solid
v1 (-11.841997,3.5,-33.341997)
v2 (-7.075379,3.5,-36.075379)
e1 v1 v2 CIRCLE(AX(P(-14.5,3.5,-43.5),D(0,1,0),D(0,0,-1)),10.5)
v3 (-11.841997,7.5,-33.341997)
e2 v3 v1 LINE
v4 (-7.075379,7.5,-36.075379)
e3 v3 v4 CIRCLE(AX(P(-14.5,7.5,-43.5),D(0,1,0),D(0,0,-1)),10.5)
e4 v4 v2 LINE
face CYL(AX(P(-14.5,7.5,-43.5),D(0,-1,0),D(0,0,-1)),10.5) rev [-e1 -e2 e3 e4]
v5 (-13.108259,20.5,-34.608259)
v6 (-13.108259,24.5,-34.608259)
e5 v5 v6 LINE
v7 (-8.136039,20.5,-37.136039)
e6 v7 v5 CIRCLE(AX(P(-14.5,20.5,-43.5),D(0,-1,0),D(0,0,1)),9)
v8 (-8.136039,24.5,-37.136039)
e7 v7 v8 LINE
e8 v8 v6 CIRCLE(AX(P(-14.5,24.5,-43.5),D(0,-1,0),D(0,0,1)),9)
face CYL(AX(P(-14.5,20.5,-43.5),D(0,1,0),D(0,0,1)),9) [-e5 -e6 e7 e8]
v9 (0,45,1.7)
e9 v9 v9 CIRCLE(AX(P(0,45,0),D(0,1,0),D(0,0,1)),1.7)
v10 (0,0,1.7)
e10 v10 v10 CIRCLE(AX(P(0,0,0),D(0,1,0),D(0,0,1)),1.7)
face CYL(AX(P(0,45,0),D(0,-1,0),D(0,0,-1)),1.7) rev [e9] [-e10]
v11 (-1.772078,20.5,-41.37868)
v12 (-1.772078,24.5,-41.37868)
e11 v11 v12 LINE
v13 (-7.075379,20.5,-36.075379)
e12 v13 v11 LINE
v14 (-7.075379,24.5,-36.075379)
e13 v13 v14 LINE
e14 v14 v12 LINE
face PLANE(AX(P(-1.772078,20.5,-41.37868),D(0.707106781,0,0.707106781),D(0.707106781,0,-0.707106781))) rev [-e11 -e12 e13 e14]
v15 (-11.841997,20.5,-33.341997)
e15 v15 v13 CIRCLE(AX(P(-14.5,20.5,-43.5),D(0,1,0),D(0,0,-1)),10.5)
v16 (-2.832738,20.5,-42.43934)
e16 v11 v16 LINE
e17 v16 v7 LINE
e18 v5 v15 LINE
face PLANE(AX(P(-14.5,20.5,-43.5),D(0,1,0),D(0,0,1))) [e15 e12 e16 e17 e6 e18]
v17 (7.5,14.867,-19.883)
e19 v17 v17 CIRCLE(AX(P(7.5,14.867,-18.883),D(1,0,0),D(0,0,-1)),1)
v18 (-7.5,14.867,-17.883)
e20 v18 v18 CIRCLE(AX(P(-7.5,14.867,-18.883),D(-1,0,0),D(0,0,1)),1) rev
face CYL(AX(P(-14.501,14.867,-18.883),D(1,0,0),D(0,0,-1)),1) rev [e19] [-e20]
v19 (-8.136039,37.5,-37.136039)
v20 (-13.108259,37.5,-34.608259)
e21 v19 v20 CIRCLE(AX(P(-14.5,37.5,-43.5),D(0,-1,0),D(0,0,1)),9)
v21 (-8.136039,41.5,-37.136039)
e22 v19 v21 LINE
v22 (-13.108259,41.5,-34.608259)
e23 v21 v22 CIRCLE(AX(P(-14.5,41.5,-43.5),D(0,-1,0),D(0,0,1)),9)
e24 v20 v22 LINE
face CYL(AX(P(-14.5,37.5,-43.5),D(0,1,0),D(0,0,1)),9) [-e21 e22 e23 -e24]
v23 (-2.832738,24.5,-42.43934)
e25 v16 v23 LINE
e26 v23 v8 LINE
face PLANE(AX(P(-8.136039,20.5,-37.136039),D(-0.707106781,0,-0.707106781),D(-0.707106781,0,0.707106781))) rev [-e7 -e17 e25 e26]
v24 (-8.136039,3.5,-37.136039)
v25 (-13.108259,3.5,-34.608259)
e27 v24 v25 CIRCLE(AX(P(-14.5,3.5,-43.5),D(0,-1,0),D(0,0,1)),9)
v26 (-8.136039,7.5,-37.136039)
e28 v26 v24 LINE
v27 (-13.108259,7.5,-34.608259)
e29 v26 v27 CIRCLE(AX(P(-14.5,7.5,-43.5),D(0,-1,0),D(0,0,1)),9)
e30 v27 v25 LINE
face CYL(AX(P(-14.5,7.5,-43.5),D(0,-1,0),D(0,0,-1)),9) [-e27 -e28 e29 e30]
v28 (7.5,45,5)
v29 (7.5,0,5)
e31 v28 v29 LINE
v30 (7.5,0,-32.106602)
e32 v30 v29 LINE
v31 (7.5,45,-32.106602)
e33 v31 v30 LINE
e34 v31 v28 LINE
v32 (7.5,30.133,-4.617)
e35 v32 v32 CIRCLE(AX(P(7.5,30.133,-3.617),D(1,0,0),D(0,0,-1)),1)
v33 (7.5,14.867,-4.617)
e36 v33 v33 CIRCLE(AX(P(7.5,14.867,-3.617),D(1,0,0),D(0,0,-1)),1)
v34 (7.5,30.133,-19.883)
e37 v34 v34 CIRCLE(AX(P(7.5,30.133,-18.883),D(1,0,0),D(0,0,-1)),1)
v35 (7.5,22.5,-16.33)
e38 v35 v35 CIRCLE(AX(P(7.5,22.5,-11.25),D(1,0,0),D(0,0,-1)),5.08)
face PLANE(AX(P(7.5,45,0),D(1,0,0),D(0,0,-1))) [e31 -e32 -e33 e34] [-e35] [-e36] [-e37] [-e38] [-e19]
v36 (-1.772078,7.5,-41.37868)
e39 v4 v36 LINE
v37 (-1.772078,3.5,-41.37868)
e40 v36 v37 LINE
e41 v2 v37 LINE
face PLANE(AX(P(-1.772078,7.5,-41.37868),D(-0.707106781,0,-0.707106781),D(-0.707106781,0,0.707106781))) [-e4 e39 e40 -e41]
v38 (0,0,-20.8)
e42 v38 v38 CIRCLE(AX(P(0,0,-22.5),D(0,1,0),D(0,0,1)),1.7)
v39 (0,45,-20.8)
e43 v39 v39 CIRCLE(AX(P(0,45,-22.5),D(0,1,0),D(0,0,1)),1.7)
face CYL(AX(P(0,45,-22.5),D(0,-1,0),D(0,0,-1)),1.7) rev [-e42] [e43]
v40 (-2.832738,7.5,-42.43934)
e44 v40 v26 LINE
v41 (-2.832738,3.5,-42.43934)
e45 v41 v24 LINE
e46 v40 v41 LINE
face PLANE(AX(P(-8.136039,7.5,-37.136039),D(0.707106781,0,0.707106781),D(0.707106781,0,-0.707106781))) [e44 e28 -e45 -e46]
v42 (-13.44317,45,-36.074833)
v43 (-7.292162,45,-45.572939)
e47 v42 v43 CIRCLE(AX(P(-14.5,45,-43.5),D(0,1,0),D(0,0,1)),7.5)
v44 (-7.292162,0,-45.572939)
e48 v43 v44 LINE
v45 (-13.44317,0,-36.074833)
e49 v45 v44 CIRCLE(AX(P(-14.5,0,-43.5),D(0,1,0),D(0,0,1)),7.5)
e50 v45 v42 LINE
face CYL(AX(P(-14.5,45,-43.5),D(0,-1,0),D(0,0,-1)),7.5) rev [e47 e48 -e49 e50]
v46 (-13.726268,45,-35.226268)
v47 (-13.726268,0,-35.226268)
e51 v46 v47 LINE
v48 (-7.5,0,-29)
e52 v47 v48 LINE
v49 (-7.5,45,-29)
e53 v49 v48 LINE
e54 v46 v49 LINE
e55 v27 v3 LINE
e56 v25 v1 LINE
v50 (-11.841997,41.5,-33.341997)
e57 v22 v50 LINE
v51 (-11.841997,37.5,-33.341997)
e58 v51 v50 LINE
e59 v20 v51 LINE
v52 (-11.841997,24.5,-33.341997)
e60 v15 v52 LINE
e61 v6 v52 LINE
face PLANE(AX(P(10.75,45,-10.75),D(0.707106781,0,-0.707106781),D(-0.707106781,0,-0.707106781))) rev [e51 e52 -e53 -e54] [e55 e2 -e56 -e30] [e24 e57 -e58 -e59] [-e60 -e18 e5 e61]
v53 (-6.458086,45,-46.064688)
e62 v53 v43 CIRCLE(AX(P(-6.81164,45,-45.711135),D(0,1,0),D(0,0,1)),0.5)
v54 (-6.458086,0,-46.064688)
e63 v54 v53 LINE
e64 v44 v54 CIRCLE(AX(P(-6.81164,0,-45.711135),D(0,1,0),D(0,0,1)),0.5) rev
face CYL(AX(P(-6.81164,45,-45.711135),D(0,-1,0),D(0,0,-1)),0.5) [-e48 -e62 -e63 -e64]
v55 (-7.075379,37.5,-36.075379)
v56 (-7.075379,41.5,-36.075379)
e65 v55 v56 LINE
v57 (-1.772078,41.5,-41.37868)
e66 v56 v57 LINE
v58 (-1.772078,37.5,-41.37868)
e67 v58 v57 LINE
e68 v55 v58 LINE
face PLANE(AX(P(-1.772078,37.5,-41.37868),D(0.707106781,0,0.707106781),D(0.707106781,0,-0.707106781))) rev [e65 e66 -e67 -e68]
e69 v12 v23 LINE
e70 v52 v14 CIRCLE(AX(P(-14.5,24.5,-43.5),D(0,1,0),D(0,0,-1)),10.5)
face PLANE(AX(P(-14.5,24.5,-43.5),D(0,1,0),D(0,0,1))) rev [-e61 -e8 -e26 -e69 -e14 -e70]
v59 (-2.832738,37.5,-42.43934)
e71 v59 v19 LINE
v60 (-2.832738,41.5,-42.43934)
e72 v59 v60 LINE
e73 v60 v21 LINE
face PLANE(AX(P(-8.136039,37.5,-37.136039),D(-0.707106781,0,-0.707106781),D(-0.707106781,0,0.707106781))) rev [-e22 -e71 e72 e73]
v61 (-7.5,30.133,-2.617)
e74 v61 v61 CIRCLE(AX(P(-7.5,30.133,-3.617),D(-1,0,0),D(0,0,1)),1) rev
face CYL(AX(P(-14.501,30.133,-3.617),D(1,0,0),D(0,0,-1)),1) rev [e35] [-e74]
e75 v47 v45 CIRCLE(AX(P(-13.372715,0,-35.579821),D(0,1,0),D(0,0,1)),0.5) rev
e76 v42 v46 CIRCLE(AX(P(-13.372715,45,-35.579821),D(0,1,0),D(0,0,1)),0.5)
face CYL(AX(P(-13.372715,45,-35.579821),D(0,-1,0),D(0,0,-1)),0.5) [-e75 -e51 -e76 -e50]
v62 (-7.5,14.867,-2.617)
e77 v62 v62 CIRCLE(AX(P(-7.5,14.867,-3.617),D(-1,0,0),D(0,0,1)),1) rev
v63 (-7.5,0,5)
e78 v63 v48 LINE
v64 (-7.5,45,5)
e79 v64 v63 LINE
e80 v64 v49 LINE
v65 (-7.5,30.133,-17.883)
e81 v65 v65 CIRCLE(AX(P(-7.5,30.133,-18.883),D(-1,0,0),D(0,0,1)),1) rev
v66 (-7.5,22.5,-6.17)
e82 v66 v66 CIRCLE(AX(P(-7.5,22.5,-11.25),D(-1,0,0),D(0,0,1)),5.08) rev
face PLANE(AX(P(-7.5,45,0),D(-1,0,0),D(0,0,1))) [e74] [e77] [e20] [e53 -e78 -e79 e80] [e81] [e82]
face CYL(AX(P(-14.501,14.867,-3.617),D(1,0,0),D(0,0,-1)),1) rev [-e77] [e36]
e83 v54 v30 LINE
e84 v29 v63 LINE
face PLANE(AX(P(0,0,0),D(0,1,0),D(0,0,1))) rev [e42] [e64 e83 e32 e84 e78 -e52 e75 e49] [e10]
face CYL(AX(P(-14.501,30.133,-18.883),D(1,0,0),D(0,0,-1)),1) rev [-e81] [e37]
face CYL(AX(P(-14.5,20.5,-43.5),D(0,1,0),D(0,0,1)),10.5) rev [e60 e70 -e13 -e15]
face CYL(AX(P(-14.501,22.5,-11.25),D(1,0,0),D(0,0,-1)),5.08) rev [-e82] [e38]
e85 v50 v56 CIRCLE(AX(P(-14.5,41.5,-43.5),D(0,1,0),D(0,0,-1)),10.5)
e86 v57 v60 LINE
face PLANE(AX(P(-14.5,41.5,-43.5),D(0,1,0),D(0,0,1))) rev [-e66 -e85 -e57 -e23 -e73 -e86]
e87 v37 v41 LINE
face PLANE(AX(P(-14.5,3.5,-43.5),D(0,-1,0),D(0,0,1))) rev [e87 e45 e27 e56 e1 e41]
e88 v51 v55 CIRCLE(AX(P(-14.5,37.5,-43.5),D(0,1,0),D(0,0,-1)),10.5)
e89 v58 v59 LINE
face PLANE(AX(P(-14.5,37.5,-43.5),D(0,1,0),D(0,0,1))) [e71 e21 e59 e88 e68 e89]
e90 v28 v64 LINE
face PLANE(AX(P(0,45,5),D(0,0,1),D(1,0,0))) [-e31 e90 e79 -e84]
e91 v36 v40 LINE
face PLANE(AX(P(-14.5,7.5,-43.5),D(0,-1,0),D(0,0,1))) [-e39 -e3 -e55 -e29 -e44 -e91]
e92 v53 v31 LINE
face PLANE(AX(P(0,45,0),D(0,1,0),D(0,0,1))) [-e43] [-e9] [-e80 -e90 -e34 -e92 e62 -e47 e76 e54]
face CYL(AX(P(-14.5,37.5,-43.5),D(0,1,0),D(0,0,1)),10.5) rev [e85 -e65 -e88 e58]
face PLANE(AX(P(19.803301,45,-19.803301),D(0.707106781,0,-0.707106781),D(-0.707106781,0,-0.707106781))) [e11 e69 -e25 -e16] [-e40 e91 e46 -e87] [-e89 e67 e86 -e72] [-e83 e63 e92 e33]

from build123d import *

# Parameters (mm, degrees)
SKETCH1_R           = 1.7
BOSS_EXTRUDE1_DEPTH = 45
CUT_EXTRUDE1_REACH  = 71.934
SKETCH2_R           = 5.0800000000000045
SKETCH2_R_2         = 1.0000000000000009
SKETCH2_R_3         = 1.0000000000000018
FILLET1_R           = 0.5
CUT_EXTRUDE2_DEPTH  = 2
CUT_EXTRUDE3_START  = 17
CUT_EXTRUDE3_DEPTH  = 2


with BuildPart() as part:
    # Sketch1 → Boss-Extrude1 (new body)
    with BuildSketch(Plane(origin=(0, 0, 0), x_dir=(1, 0, 0), z_dir=(0, 1, 0))):
        with BuildLine():
            Line((-7.499999999999999, -5.000000000000001), (7.500000000000001, -4.999999999999999))
            Line((7.500000000000001, -5), (7.499999999999998, 32.10660171779804))
            Line((7.499999999999998, 32.10660171779804), (-9.196699141100867, 48.80330085889908))
            ThreePointArc((-9.196699141100867, 48.80330085889908), (-7.57090350616536, 40.62987425726181), (-14.499999999999998, 36))
            Line((-14.499999999999998, 36), (-7.5, 28.999999999999925))
            Line((-7.5, 28.99999999999993), (-7.499999999999999, -5.000000000000001))
        make_face()
        Circle(SKETCH1_R, mode=Mode.SUBTRACT)
        with Locations((0, 22.5)):
            Circle(SKETCH1_R, mode=Mode.SUBTRACT)
    extrude(amount=BOSS_EXTRUDE1_DEPTH)

    # Sketch2 → Cut-Extrude1 (cut, up to next)
    with BuildSketch(Plane(origin=(7.5, 0, -8.8e-16), x_dir=(-1.2e-16, 0, -1), z_dir=(1, 0, -1.2e-16)), mode=Mode.PRIVATE) as cut_extrude1_sk1:
        with Locations((11.25, 22.5)):
            Circle(SKETCH2_R)
    cut_extrude1_tool1 = extrude(cut_extrude1_sk1.sketch, amount=-CUT_EXTRUDE1_REACH, mode=Mode.PRIVATE) & part.part
    # Sketch2 → Cut-Extrude1 (cut, up to next)
    with BuildSketch(Plane(origin=(7.5, 0, -8.8e-16), x_dir=(-1.2e-16, 0, -1), z_dir=(1, 0, -1.2e-16)), mode=Mode.PRIVATE) as cut_extrude1_sk2:
        with Locations((3.616999999999997, 30.133)):
            Circle(SKETCH2_R_2)
    cut_extrude1_tool2 = extrude(cut_extrude1_sk2.sketch, amount=-CUT_EXTRUDE1_REACH, mode=Mode.PRIVATE) & part.part
    # Sketch2 → Cut-Extrude1 (cut, up to next)
    with BuildSketch(Plane(origin=(7.5, 0, -8.8e-16), x_dir=(-1.2e-16, 0, -1), z_dir=(1, 0, -1.2e-16)), mode=Mode.PRIVATE) as cut_extrude1_sk3:
        with Locations((18.882999999999996, 30.133)):
            Circle(SKETCH2_R_3)
    cut_extrude1_tool3 = extrude(cut_extrude1_sk3.sketch, amount=-CUT_EXTRUDE1_REACH, mode=Mode.PRIVATE) & part.part
    # Sketch2 → Cut-Extrude1 (cut, up to next)
    with BuildSketch(Plane(origin=(7.5, 0, -8.8e-16), x_dir=(-1.2e-16, 0, -1), z_dir=(1, 0, -1.2e-16)), mode=Mode.PRIVATE) as cut_extrude1_sk4:
        with Locations((18.883, 14.867)):
            Circle(SKETCH2_R_3)
    cut_extrude1_tool4 = extrude(cut_extrude1_sk4.sketch, amount=-CUT_EXTRUDE1_REACH, mode=Mode.PRIVATE) & part.part
    # Sketch2 → Cut-Extrude1 (cut, up to next)
    with BuildSketch(Plane(origin=(7.5, 0, -8.8e-16), x_dir=(-1.2e-16, 0, -1), z_dir=(1, 0, -1.2e-16)), mode=Mode.PRIVATE) as cut_extrude1_sk5:
        with Locations((3.6169999999999987, 14.867)):
            Circle(SKETCH2_R_2)
    cut_extrude1_tool5 = extrude(cut_extrude1_sk5.sketch, amount=-CUT_EXTRUDE1_REACH, mode=Mode.PRIVATE) & part.part
    add(cut_extrude1_tool1.solids().sort_by_distance((7.5, 22.5, -11.25))[0], mode=Mode.SUBTRACT)
    add(cut_extrude1_tool2.solids().sort_by_distance((7.5, 30.133, -3.617))[0], mode=Mode.SUBTRACT)
    add(cut_extrude1_tool3.solids().sort_by_distance((7.5, 30.133, -18.883))[0], mode=Mode.SUBTRACT)
    add(cut_extrude1_tool4.solids().sort_by_distance((7.5, 14.867, -18.883))[0], mode=Mode.SUBTRACT)
    add(cut_extrude1_tool5.solids().sort_by_distance((7.5, 14.867, -3.617))[0], mode=Mode.SUBTRACT)

    # Fillet1
    fillet1_edges = [part.edges().sort_by_distance(p)[0] for p in [
        (-9.196699141100865, 22.5, -48.80330085889908),
        (-14.499999999999998, 22.5, -36),
    ]]
    fillet(fillet1_edges, radius=FILLET1_R)

    # Sketch3 → Cut-Extrude2 (cut, symmetric)
    with BuildSketch(Plane(origin=(0, 22.5, 0), x_dir=(1, 0, 0), z_dir=(0, 1, 0))):
        with BuildLine():
            Line((-8.136038969321103, 37.136038969321035), (-2.832738110421976, 42.43933982822012))
            Line((-2.832738110421976, 42.43933982822012), (-1.7720779386421608, 41.37867965644029))
            Line((-1.7720779386421608, 41.37867965644029), (-7.075378797541292, 36.07537879754122))
            ThreePointArc((-7.075378797541292, 36.07537879754122), (-9.276718417433415, 34.39135962345529), (-11.841997191011883, 33.34199719101184))
            Line((-11.841997191011883, 33.34199719101184), (-13.108259049699228, 34.608259049699214))
            ThreePointArc((-13.108259049699228, 34.608259049699214), (-10.42137938330202, 35.47722904072127), (-8.136038969321103, 37.136038969321035))
        make_face()
    extrude(amount=CUT_EXTRUDE2_DEPTH, both=True, mode=Mode.SUBTRACT)

    # Sketch3<2> → Cut-Extrude3 (cut, symmetric)
    with BuildSketch(Plane(origin=(0, 22.5, 0), x_dir=(1, 0, 0), z_dir=(0, 1, 0)).offset(CUT_EXTRUDE3_START)):
        with BuildLine():
            Line((-8.136038969321103, 37.136038969321035), (-2.832738110421976, 42.43933982822012))
            Line((-2.832738110421976, 42.43933982822012), (-1.7720779386421608, 41.37867965644029))
            Line((-1.7720779386421608, 41.37867965644029), (-7.075378797541292, 36.07537879754122))
            ThreePointArc((-7.075378797541292, 36.07537879754122), (-9.276718417433415, 34.39135962345529), (-11.841997191011883, 33.34199719101184))
            Line((-11.841997191011883, 33.34199719101184), (-13.108259049699228, 34.608259049699214))
            ThreePointArc((-13.108259049699228, 34.608259049699214), (-10.42137938330202, 35.47722904072127), (-8.136038969321103, 37.136038969321035))
        make_face()
    cut_extrude3 = extrude(amount=CUT_EXTRUDE3_DEPTH, both=True, mode=Mode.SUBTRACT)

    # Mirror1: Cut-Extrude3 across plane
    add(cut_extrude3.mirror(Plane.ZX.offset(22.5)), mode=Mode.SUBTRACT)


solid = part.part
